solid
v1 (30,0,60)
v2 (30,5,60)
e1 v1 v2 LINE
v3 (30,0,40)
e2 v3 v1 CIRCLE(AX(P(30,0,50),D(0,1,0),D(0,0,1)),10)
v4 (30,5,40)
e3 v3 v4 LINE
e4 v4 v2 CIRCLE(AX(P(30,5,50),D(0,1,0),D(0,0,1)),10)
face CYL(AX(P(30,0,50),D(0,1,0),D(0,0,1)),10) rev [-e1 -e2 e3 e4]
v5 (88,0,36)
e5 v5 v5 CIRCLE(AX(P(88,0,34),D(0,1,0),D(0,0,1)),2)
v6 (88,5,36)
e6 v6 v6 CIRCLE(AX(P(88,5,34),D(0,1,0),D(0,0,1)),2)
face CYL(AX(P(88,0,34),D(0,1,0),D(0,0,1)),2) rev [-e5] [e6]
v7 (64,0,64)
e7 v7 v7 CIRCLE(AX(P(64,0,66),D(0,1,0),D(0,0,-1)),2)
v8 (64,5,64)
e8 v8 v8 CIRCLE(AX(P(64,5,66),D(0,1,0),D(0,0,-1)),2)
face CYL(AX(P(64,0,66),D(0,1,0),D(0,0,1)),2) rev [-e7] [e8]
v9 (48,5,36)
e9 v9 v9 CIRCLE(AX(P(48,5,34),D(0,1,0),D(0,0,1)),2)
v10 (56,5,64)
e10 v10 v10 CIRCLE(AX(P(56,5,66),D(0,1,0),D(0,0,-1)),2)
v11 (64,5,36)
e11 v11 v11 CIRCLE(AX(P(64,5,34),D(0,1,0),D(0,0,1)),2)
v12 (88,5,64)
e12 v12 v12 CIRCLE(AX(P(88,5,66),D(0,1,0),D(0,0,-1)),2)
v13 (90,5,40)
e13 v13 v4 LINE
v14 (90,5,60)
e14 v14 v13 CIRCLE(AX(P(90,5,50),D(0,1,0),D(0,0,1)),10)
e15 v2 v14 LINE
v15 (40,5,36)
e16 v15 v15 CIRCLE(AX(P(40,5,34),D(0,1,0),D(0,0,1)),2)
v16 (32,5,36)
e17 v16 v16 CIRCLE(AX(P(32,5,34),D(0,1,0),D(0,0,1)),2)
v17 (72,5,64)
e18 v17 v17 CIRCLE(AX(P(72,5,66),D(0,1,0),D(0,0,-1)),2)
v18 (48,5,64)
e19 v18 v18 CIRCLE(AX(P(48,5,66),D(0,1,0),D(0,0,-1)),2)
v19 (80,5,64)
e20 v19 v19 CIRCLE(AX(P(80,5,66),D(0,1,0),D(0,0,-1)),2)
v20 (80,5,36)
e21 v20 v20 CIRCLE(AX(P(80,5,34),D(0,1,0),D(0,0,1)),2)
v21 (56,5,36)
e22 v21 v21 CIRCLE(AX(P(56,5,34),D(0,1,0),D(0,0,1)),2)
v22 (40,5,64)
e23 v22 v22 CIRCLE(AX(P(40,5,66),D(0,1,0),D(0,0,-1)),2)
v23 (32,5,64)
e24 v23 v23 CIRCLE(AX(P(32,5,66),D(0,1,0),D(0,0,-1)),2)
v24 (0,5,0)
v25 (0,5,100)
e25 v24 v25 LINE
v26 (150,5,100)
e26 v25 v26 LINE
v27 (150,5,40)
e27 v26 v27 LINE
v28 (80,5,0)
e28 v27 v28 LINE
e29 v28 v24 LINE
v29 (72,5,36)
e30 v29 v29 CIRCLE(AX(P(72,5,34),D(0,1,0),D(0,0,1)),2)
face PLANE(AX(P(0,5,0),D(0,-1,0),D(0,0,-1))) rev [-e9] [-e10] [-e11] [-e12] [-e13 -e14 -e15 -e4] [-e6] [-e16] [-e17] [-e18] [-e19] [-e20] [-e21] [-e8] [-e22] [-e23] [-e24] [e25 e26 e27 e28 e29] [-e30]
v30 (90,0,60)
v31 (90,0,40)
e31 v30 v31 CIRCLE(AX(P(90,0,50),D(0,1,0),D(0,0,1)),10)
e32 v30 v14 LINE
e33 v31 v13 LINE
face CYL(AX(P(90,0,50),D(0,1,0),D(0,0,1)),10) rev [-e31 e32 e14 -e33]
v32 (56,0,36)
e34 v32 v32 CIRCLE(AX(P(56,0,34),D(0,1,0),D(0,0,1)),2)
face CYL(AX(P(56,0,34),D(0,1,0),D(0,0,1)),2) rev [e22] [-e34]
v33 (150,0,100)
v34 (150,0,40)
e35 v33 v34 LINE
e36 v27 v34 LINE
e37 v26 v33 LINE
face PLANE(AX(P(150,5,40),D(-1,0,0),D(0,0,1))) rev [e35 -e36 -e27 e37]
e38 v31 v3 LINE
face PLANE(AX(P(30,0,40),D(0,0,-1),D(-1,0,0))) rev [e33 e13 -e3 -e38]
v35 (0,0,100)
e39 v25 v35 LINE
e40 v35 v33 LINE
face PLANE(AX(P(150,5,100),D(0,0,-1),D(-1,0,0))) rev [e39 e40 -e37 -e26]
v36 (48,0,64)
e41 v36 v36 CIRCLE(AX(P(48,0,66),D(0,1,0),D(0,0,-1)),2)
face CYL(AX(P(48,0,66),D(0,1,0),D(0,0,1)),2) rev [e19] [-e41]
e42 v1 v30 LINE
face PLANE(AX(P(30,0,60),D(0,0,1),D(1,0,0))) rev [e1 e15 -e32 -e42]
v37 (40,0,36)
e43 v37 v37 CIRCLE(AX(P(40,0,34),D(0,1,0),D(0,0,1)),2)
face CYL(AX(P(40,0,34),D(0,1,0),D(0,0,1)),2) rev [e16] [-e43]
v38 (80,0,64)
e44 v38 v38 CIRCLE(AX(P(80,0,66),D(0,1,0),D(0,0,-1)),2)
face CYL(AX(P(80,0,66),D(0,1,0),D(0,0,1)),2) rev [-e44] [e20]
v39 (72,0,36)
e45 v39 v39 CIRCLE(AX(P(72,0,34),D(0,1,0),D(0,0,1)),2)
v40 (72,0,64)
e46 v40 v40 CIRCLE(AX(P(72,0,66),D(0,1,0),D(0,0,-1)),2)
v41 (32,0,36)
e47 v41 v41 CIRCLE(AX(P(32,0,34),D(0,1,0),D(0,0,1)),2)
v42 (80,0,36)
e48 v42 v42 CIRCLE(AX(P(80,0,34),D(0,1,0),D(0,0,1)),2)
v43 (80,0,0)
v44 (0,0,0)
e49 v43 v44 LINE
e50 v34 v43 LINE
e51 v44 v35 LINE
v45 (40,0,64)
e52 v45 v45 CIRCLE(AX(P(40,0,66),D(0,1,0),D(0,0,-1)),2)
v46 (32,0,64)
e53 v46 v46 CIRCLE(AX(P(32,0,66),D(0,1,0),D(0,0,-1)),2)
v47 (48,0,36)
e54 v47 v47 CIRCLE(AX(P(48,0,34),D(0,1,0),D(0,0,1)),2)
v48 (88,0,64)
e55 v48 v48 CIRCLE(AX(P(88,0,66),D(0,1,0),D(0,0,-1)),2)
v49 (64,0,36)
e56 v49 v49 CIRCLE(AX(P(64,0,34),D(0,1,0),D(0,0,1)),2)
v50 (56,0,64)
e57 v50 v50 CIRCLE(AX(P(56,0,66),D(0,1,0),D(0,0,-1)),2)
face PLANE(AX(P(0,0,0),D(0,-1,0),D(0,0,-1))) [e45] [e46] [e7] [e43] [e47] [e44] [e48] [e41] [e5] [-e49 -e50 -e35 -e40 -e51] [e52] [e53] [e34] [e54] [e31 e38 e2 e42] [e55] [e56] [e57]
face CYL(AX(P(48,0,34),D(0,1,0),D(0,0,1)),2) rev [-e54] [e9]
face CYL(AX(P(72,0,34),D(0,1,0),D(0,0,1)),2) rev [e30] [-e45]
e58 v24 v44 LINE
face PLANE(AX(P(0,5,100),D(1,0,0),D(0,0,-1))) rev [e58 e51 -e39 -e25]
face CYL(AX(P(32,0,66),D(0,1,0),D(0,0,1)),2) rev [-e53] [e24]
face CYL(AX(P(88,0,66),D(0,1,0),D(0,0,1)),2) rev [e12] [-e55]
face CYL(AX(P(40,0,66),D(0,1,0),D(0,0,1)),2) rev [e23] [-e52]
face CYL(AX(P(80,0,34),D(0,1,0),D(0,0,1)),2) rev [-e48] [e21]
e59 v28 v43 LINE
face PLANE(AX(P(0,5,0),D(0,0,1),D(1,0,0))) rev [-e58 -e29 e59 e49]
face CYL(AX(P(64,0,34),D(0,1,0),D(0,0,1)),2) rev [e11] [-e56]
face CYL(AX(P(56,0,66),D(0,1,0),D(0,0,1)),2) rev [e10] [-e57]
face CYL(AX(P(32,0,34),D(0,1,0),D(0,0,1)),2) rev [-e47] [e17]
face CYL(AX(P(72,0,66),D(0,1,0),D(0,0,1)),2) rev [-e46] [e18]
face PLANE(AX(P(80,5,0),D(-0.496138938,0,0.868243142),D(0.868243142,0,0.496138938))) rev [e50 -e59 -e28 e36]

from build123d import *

# Parameters (mm, degrees)
BOSS_EXTRUDE1_DEPTH = 5
SKETCH2_R           = 2
CUT_EXTRUDE1_DEPTH  = 181.346887969


with BuildPart() as part:
    # Sketch1 → Boss-Extrude1 (new body)
    with BuildSketch(Plane(origin=(0, 0, 0), x_dir=(1, 0, 0), z_dir=(0, 1, 0))):
        Polygon((0, 0), (80, 0), (150, -40), (150, -100), (0, -100), align=None)
    extrude(amount=BOSS_EXTRUDE1_DEPTH)

    # Sketch2 → Cut-Extrude1 (cut, through all)
    with BuildSketch(Plane(origin=(0, 5, 0), x_dir=(1, 0, 0), z_dir=(0, 1, 0))):
        with Locations(Location((32, -34, 0), (0, 0, 270))):
            Circle(SKETCH2_R)
        with Locations(Location((40, -34, 0), (0, 0, 270))):
            Circle(SKETCH2_R)
        with Locations(Location((48, -34, 0), (0, 0, 270))):
            Circle(SKETCH2_R)
        with Locations(Location((56, -34, 0), (0, 0, 270))):
            Circle(SKETCH2_R)
        with Locations(Location((64, -34, 0), (0, 0, 270))):
            Circle(SKETCH2_R)
        with Locations(Location((72, -34, 0), (0, 0, 270))):
            Circle(SKETCH2_R)
        with Locations(Location((80, -34, 0), (0, 0, 270))):
            Circle(SKETCH2_R)
        with Locations(Location((88, -34, 0), (0, 0, 270))):
            Circle(SKETCH2_R)
        with Locations(Location((88, -66, 0), (0, 0, 90))):
            Circle(SKETCH2_R)
        with Locations(Location((80, -66, 0), (0, 0, 90))):
            Circle(SKETCH2_R)
        with Locations(Location((72, -66, 0), (0, 0, 90))):
            Circle(SKETCH2_R)
        with Locations(Location((64, -66, 0), (0, 0, 90))):
            Circle(SKETCH2_R)
        with Locations(Location((56, -66, 0), (0, 0, 90))):
            Circle(SKETCH2_R)
        with Locations(Location((48, -66, 0), (0, 0, 90))):
            Circle(SKETCH2_R)
        with Locations(Location((40, -66, 0), (0, 0, 90))):
            Circle(SKETCH2_R)
        with Locations(Location((32, -66, 0), (0, 0, 90))):
            Circle(SKETCH2_R)
        with BuildLine():
            Line((30, -40), (90, -40))
            ThreePointArc((90, -40), (100, -50), (90, -60))
            Line((90, -60), (30, -60))
            ThreePointArc((30, -60), (20, -50), (30, -40))
        make_face()
    extrude(amount=-CUT_EXTRUDE1_DEPTH, mode=Mode.SUBTRACT)


solid = part.part
